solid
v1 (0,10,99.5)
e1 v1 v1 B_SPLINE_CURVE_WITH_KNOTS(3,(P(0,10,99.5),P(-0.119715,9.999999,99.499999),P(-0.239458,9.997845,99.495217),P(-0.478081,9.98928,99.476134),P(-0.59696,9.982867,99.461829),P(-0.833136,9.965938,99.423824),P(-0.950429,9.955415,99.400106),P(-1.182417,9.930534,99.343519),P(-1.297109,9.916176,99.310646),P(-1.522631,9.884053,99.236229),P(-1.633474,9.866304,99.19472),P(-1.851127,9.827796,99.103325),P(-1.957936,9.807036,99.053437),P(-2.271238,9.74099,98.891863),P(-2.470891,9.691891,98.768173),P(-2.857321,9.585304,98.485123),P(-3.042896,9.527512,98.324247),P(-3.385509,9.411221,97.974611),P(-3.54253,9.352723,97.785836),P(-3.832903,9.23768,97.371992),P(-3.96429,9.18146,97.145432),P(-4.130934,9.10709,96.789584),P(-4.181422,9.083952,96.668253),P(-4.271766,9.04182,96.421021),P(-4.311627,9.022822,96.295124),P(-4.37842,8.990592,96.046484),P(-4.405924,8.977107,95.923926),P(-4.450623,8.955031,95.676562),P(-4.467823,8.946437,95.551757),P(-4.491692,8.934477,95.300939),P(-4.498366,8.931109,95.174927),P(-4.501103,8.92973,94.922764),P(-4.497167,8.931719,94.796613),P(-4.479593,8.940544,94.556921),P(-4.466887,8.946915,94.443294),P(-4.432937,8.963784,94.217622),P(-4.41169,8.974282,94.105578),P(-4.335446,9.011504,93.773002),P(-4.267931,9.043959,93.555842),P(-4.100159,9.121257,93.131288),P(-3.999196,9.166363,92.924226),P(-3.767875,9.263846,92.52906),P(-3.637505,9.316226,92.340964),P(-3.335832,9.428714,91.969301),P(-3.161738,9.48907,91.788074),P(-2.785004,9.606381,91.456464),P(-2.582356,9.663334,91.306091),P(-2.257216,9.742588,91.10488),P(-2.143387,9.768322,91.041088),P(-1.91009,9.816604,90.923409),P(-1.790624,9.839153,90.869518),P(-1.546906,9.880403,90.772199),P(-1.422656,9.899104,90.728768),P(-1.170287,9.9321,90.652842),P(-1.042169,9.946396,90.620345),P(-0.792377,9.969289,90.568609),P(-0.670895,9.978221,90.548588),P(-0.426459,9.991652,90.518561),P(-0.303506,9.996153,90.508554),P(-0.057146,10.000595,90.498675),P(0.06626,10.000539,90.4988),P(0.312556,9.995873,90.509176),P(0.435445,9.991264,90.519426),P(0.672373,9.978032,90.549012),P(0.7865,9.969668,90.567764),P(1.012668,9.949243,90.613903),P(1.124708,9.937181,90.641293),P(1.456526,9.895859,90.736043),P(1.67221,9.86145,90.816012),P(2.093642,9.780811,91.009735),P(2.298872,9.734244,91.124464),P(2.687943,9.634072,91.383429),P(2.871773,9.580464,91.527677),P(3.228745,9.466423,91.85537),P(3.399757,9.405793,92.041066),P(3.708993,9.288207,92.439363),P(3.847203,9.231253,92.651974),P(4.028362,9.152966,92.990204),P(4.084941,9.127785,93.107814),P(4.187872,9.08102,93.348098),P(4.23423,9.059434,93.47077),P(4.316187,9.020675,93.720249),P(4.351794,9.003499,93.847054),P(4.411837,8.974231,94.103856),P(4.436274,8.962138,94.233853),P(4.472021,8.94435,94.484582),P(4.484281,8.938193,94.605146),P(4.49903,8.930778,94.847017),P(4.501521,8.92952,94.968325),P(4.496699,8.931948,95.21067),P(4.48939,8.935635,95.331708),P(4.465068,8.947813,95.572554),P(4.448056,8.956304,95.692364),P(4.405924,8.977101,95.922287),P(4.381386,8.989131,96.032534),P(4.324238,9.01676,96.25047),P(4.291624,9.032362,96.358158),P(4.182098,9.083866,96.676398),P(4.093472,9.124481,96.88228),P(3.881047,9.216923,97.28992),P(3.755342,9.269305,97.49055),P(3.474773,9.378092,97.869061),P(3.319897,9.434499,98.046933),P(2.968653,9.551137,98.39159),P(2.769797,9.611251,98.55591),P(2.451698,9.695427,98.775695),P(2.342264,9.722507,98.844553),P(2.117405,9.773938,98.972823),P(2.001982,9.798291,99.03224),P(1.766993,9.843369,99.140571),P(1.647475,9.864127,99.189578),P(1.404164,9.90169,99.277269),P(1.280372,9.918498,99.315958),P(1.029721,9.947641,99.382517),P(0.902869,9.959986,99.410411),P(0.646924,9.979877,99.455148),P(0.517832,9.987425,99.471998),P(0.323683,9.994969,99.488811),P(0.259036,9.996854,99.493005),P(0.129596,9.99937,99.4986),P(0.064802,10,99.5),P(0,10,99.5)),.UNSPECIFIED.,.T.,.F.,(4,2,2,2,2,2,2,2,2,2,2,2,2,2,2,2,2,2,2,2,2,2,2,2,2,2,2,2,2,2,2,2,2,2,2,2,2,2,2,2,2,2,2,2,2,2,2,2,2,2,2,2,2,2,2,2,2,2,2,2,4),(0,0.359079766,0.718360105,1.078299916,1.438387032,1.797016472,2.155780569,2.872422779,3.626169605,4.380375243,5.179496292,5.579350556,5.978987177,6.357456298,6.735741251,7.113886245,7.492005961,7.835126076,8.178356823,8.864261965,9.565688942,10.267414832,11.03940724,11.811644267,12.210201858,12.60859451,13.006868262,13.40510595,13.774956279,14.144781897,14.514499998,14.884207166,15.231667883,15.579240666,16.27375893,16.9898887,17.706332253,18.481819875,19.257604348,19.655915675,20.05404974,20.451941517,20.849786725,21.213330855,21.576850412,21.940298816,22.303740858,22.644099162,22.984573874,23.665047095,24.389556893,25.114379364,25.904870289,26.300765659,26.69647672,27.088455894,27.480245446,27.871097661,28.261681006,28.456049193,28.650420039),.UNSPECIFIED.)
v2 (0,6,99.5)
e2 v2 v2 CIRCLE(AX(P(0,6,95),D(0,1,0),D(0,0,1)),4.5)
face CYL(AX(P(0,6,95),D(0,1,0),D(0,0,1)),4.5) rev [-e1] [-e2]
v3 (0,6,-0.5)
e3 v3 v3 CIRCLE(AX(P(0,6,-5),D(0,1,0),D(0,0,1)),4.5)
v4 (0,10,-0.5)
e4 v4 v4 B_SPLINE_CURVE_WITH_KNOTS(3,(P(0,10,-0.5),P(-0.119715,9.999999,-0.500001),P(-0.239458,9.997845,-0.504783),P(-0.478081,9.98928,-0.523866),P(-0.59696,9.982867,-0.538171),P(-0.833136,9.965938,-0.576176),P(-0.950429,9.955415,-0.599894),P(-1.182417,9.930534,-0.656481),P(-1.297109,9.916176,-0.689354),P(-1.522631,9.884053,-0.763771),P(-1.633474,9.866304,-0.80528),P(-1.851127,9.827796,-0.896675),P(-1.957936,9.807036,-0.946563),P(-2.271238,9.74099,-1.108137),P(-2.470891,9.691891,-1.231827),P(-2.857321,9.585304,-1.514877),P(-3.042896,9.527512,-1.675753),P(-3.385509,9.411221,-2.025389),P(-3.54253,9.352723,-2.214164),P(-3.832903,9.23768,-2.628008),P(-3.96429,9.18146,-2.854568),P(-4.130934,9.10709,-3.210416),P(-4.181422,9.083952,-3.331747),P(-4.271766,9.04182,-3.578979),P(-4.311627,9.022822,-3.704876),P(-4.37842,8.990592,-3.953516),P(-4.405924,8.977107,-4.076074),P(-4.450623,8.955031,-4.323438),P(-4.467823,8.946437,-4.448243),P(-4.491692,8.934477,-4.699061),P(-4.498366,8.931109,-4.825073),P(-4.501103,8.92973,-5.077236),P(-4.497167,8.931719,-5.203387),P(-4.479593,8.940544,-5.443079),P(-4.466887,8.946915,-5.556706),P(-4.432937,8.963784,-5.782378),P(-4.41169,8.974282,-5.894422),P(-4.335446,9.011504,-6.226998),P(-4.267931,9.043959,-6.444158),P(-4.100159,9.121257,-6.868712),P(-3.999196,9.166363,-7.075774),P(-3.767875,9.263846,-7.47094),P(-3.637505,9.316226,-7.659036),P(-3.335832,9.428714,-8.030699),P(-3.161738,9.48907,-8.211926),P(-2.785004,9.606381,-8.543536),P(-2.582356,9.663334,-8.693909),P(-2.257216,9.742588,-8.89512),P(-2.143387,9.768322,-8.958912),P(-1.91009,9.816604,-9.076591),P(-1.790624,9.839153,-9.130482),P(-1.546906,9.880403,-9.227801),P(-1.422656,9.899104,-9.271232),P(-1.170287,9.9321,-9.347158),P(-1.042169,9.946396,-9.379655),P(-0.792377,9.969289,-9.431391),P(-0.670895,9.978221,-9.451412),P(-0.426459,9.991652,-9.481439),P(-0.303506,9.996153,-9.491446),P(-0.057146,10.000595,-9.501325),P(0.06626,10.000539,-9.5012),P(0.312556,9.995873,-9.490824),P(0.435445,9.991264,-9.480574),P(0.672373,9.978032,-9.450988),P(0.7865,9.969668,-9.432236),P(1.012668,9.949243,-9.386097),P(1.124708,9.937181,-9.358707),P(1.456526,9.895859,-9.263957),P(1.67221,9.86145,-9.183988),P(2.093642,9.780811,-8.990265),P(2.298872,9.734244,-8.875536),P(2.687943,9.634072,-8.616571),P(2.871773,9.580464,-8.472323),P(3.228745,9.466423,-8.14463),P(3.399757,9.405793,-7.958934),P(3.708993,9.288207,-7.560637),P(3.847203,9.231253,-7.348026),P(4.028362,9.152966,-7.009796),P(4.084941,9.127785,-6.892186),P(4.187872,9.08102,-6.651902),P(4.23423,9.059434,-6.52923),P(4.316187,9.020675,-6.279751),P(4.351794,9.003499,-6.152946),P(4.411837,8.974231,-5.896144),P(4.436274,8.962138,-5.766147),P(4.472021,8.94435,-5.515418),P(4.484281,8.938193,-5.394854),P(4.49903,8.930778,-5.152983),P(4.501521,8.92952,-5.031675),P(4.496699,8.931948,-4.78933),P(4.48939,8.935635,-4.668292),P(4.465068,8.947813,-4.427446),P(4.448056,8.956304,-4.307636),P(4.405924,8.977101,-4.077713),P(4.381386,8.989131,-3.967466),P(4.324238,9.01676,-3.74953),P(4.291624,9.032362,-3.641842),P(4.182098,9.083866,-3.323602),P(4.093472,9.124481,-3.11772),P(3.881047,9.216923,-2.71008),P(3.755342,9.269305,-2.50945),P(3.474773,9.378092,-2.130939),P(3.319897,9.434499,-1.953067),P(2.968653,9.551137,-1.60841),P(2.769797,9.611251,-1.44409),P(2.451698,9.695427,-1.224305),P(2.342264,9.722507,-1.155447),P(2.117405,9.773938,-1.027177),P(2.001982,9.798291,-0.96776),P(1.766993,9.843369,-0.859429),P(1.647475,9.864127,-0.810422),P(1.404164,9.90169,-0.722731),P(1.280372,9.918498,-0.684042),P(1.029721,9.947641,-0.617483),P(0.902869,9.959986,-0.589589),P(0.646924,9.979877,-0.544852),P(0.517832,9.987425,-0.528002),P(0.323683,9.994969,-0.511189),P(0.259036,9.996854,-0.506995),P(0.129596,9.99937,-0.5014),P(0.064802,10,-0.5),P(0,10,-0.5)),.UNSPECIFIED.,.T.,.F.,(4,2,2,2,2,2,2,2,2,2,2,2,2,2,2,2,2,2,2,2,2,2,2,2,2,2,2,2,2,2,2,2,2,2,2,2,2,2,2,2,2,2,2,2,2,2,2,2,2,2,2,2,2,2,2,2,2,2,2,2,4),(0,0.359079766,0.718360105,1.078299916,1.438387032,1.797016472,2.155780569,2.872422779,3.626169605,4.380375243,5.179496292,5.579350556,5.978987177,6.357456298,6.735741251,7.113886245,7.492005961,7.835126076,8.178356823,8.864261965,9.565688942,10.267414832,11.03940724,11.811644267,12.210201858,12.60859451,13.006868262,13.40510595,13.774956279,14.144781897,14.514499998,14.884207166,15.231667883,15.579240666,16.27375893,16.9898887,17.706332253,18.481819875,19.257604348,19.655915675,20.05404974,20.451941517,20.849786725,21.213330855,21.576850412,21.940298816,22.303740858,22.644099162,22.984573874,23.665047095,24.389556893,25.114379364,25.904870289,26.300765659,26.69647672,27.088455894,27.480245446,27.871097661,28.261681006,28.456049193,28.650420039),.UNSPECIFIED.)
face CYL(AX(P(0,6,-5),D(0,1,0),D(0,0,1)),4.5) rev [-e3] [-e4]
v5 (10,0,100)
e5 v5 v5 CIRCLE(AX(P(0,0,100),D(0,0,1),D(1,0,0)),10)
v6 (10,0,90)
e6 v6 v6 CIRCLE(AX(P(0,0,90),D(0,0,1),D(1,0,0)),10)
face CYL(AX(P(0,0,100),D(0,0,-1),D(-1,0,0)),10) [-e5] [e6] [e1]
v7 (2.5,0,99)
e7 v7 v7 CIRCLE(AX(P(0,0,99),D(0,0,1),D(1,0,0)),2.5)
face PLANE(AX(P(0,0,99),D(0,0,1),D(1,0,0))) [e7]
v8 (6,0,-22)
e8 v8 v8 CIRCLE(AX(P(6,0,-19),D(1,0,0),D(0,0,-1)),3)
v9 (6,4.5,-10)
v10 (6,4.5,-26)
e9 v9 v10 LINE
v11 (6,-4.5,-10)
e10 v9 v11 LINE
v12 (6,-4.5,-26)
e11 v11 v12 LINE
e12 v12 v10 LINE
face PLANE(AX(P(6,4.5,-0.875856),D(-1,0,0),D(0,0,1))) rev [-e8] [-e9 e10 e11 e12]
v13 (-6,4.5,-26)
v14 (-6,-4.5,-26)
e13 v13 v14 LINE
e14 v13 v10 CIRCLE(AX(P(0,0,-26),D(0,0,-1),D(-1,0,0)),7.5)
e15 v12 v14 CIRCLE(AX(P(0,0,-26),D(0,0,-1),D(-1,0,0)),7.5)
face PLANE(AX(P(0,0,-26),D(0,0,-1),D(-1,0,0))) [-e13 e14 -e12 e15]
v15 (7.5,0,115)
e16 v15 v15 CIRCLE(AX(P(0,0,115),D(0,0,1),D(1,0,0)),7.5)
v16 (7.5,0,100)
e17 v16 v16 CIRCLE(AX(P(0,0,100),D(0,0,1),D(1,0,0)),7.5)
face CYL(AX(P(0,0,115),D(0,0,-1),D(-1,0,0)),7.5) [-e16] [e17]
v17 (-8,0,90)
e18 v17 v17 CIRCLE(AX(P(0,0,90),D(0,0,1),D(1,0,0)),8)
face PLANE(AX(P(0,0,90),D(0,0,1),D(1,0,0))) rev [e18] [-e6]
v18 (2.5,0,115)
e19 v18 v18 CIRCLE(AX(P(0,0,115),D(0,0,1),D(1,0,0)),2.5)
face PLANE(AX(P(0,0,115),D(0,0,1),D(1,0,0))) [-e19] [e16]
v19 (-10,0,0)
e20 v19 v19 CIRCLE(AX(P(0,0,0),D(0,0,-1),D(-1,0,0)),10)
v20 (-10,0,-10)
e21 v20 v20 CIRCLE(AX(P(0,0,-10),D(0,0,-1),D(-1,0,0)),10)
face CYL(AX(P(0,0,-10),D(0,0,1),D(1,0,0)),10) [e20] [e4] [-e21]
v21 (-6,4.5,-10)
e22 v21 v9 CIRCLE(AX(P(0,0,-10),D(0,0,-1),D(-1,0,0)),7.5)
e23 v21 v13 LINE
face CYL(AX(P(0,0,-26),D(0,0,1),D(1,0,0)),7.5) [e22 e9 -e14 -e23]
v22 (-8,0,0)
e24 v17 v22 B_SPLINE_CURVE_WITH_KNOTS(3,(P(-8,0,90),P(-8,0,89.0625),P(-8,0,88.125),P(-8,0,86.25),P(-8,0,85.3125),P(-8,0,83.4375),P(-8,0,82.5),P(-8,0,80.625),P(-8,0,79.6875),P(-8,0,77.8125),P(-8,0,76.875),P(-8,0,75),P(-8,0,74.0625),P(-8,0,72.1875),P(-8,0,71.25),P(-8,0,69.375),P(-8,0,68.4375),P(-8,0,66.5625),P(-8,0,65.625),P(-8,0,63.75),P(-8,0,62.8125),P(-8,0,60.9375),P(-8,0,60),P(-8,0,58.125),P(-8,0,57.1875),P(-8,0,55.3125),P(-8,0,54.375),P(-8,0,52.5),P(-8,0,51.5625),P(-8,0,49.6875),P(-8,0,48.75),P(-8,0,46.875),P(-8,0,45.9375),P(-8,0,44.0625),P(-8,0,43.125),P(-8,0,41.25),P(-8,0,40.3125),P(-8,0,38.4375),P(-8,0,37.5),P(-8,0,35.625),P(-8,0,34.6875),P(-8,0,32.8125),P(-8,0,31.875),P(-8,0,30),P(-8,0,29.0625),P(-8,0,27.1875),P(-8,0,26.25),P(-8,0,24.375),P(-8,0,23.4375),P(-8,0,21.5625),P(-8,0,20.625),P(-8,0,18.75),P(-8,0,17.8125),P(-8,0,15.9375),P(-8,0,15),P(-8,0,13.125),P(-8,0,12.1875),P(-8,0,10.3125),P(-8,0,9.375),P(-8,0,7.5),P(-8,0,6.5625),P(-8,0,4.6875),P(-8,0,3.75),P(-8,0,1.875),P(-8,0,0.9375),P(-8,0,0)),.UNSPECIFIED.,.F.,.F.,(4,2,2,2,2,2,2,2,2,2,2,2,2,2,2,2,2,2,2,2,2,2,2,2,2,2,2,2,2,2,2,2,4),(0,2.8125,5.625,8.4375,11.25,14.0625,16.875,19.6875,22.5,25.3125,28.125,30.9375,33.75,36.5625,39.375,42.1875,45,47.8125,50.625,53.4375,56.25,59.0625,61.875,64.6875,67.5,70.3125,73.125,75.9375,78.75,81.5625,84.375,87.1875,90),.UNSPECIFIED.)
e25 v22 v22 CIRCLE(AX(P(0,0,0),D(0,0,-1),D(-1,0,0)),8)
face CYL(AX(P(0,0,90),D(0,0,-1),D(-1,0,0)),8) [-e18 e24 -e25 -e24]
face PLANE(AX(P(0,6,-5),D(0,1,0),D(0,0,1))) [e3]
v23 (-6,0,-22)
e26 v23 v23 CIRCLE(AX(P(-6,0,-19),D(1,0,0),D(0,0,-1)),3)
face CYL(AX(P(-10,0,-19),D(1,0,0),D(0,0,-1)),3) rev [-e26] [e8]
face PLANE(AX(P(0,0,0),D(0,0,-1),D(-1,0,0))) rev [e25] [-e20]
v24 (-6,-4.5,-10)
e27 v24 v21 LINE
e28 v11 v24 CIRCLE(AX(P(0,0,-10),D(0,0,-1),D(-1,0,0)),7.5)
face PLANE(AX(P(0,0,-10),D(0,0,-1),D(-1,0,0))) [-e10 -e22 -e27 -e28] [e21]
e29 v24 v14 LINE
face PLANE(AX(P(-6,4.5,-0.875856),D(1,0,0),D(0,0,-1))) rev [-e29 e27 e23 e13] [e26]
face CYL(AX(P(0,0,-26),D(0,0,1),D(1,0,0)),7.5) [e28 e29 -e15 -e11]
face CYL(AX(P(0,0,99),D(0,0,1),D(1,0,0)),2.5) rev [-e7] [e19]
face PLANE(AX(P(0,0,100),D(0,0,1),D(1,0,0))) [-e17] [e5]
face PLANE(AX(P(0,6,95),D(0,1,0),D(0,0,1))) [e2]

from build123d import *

# Parameters (mm, degrees)
SKETCH1_R           = 8
BOSS_EXTRUDE1_DEPTH = 90
SKETCH2_R           = 10
BOSS_EXTRUDE2_DEPTH = 10
BOSS_EXTRUDE3_START = 10
SKETCH3_R           = 10
BOSS_EXTRUDE3_DEPTH = 10
SKETCH4_R           = 7.5
BOSS_EXTRUDE4_DEPTH = 15
BOSS_EXTRUDE5_START = 16
SKETCH5_R           = 7.5
BOSS_EXTRUDE5_DEPTH = 16
SKETCH6_R           = 2.5
CUT_EXTRUDE1_DEPTH  = 16
SKETCH7_R           = 4.5
CUT_EXTRUDE2_DEPTH  = 4
CUT_EXTRUDE3_DEPTH  = 16
SKETCH9_R           = 3
CUT_EXTRUDE4_DEPTH  = 117.53754762


with BuildPart() as part:
    # Sketch1 → Boss-Extrude1 (new body)
    with BuildSketch(Plane.XY):
        with Locations(Location((0, 0, 0), (0, 0, 180))):
            Circle(SKETCH1_R)
    extrude(amount=BOSS_EXTRUDE1_DEPTH)

    # Sketch2 → Boss-Extrude2 (add)
    with BuildSketch(Plane(origin=(0, 0, 0), x_dir=(-1, 0, 0), z_dir=(0, 0, -1))):
        Circle(SKETCH2_R)
    extrude(amount=BOSS_EXTRUDE2_DEPTH)

    # Sketch3 → Boss-Extrude3 (add)
    with BuildSketch(Plane.XY.offset(90).offset(BOSS_EXTRUDE3_START)):
        with Locations(Location((0, 0, 0), (0, 0, 180))):
            Circle(SKETCH3_R)
    extrude(amount=-BOSS_EXTRUDE3_DEPTH)

    # Sketch4 → Boss-Extrude4 (add)
    with BuildSketch(Plane.XY.offset(100)):
        Circle(SKETCH4_R)
    extrude(amount=BOSS_EXTRUDE4_DEPTH)

    # Sketch5 → Boss-Extrude5 (add)
    with BuildSketch(Plane(origin=(0, 0, -10), x_dir=(-1, 0, 0), z_dir=(0, 0, -1)).offset(BOSS_EXTRUDE5_START)):
        with Locations(Location((0, 0, 0), (0, 0, 180))):
            Circle(SKETCH5_R)
    extrude(amount=-BOSS_EXTRUDE5_DEPTH)

    # Sketch6 → Cut-Extrude1 (cut)
    with BuildSketch(Plane.XY.offset(115)):
        Circle(SKETCH6_R)
    extrude(amount=-CUT_EXTRUDE1_DEPTH, mode=Mode.SUBTRACT)

    # Sketch7 → Cut-Extrude2 (cut)
    with BuildSketch(Plane(origin=(0, 10, 0), x_dir=(-1, 0, 0), z_dir=(0, 1, 0))):
        with Locations(Location((0, 95, 0), (0, 0, 90))):
            Circle(SKETCH7_R)
        with Locations(Location((0, -5, 0), (0, 0, 90))):
            Circle(SKETCH7_R)
    extrude(amount=-CUT_EXTRUDE2_DEPTH, mode=Mode.SUBTRACT)

    # Sketch8 → Cut-Extrude3 (cut)
    with BuildSketch(Plane(origin=(0, 0, -26), x_dir=(-1, 0, 0), z_dir=(0, 0, -1))):
        with BuildLine():
            Line((-6, 4.5), (-6, -4.5))
            ThreePointArc((-6, -4.5), (-7.5, 0), (-6, 4.5))
        make_face()
        with BuildLine():
            Line((6, 4.5), (6, -4.5))
            ThreePointArc((6, -4.5), (7.5, 0), (6, 4.5))
        make_face()
    extrude(amount=-CUT_EXTRUDE3_DEPTH, mode=Mode.SUBTRACT)

    # Sketch9 → Cut-Extrude4 (cut, through all)
    with BuildSketch(Plane(origin=(6, 0, 0), x_dir=(0, 0, -1), z_dir=(1, 0, 0))):
        with Locations((19, 0)):
            Circle(SKETCH9_R)
    extrude(amount=-CUT_EXTRUDE4_DEPTH, mode=Mode.SUBTRACT)


solid = part.part
